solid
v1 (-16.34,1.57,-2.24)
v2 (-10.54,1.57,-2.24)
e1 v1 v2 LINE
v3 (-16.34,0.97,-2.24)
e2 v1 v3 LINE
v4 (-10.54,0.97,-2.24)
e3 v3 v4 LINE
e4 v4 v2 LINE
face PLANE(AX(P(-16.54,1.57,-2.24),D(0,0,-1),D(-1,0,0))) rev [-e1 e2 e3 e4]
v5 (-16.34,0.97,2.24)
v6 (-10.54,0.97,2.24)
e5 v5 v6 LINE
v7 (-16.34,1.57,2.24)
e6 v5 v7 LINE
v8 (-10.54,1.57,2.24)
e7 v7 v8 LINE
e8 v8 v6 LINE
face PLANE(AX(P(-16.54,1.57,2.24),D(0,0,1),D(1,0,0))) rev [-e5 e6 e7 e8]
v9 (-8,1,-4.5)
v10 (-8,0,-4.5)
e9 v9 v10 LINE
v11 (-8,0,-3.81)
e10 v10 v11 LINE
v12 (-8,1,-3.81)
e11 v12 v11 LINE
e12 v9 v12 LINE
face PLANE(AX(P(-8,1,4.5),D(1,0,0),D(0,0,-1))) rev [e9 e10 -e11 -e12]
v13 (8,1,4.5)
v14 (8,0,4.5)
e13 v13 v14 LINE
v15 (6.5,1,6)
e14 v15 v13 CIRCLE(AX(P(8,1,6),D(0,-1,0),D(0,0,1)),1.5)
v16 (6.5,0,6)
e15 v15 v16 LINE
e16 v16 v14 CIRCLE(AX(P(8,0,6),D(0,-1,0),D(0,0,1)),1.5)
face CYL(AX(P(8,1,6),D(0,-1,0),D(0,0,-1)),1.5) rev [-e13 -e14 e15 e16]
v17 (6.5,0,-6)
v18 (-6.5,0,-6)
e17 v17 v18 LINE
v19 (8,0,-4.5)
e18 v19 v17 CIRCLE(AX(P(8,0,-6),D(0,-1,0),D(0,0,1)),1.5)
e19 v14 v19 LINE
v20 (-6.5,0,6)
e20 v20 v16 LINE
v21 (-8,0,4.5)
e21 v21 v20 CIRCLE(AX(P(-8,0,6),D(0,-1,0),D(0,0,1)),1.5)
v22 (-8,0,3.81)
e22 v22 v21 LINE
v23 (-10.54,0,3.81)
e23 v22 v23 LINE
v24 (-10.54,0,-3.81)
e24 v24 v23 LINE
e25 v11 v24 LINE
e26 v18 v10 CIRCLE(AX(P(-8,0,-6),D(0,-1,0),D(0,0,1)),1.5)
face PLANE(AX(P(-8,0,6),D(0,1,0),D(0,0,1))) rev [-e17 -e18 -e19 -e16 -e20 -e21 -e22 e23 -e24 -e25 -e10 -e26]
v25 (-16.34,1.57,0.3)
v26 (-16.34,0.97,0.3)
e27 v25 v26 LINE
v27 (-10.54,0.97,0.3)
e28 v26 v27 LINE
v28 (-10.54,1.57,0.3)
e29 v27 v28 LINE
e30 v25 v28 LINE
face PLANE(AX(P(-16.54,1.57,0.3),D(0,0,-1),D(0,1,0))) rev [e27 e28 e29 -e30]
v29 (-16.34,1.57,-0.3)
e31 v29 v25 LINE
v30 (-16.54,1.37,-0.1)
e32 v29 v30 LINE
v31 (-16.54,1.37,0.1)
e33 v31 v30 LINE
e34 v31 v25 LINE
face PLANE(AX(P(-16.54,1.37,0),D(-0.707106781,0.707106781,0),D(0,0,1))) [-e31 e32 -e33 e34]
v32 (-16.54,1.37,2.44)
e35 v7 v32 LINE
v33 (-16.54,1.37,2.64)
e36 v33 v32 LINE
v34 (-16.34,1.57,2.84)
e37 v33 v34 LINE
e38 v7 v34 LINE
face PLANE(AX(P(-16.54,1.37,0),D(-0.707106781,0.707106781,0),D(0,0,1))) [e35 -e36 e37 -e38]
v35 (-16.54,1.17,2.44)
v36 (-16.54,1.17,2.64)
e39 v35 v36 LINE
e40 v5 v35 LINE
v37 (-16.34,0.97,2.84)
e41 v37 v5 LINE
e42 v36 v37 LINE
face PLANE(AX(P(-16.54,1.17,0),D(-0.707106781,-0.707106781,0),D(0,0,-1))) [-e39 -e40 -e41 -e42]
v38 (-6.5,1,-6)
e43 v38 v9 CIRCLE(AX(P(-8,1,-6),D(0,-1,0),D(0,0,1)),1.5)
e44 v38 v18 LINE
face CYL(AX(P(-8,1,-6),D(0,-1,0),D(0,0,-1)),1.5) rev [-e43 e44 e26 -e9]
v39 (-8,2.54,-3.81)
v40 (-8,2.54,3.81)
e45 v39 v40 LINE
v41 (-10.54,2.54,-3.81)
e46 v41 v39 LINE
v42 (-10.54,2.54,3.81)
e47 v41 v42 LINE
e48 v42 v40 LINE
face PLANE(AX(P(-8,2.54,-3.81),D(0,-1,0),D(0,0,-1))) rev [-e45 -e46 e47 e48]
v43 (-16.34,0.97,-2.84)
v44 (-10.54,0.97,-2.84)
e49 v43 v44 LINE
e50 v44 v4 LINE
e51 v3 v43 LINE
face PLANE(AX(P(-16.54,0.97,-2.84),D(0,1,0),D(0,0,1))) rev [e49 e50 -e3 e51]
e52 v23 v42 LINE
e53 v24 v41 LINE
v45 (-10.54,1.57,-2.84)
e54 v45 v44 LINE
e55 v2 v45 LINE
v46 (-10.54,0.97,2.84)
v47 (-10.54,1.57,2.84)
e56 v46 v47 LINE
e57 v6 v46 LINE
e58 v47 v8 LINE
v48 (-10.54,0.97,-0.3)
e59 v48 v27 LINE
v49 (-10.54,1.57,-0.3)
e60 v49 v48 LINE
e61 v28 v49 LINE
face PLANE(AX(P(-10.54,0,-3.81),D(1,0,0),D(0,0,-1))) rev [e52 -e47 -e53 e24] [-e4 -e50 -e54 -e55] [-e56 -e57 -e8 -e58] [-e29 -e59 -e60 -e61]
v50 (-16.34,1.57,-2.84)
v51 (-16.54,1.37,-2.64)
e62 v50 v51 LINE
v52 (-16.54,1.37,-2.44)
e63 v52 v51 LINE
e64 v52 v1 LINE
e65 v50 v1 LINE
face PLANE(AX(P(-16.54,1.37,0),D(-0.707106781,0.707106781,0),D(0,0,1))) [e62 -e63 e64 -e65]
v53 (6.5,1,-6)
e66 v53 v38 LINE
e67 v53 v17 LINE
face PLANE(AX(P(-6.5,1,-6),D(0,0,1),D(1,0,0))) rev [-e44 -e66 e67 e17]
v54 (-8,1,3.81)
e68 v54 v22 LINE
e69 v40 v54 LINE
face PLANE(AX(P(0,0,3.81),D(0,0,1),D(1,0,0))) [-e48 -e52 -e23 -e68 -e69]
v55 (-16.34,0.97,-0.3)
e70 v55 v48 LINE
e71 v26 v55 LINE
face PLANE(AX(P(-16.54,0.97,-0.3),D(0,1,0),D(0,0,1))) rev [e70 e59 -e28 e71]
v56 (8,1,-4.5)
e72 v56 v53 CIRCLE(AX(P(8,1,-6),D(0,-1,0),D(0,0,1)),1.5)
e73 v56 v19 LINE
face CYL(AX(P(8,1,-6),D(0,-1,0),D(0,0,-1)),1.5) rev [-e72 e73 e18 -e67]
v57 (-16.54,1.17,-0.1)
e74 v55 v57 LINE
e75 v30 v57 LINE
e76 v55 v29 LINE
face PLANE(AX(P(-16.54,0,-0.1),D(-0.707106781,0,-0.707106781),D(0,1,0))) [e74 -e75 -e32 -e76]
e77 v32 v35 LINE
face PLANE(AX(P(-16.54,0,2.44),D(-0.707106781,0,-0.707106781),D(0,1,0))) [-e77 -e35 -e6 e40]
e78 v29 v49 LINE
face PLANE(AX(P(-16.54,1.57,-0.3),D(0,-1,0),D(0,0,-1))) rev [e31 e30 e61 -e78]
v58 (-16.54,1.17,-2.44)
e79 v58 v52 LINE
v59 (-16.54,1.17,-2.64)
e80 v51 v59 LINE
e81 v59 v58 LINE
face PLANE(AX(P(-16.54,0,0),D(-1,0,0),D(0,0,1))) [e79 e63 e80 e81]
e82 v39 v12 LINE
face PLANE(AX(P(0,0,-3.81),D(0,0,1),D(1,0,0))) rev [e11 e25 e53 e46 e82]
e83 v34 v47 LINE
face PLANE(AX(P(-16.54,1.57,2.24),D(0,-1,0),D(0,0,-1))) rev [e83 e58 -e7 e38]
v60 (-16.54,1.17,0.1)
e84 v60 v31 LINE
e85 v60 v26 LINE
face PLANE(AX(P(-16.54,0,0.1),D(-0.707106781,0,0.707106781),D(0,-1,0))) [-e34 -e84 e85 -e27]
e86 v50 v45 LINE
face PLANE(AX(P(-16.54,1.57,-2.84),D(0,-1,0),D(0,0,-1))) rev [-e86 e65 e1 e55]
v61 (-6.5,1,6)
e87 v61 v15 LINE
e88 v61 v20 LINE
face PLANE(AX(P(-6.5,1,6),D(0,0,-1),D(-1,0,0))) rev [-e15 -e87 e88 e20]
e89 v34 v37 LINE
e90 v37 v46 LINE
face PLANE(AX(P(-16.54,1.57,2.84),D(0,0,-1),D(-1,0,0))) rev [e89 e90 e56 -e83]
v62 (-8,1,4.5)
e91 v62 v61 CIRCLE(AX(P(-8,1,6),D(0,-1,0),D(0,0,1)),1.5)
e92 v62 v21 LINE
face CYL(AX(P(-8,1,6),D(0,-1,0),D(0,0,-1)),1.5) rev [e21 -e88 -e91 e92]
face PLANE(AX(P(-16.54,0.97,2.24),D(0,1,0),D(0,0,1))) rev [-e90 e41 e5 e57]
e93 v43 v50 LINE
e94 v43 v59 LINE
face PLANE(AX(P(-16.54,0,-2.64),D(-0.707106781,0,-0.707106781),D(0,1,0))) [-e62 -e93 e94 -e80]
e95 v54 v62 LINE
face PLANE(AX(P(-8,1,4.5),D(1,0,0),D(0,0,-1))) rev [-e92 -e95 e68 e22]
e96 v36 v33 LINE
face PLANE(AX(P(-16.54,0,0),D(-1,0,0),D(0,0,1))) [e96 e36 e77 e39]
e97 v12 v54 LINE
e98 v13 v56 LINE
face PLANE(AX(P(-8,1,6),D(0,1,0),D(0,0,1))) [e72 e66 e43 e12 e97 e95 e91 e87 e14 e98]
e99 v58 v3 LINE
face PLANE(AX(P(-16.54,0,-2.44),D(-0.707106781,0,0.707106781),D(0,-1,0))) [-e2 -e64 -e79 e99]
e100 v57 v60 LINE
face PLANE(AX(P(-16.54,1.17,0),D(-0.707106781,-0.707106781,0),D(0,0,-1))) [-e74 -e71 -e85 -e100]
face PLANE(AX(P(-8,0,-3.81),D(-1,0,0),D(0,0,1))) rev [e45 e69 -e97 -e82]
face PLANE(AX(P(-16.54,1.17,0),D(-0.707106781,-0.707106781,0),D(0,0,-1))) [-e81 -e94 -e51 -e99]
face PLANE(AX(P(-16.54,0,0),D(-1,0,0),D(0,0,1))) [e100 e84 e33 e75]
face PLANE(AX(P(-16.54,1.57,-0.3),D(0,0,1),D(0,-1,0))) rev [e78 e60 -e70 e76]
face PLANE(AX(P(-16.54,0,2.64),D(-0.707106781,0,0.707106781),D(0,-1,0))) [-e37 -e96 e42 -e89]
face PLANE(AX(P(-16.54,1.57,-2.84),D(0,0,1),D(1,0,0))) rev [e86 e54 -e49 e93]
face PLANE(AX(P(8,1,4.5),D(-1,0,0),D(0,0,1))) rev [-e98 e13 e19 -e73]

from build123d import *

# Parameters (mm, degrees)
BOSS_EXTRU_1_DEPTH = 1
ESQUISSE2_W        = 2.54
ESQUISSE2_H        = 2.54
BOSS_EXTRU_2_DEPTH = 3.81
ESQUISSE3_W        = 0.6
ESQUISSE3_H        = 0.6
BOSS_EXTRU_3_DEPTH = 6
CHANFREIN1_SIZE    = 0.2


with BuildPart() as part:
    # Esquisse1 → Boss.-Extru.1 (new body)
    with BuildSketch(Plane(origin=(0, 0, 0), x_dir=(1, 0, 0), z_dir=(0, 1, 0))):
        with BuildLine():
            Line((-6.5, -6), (6.5, -6))
            ThreePointArc((6.5, -6), (6.939339828, -4.939339828), (8, -4.5))
            Line((8, -4.5), (8, 4.5))
            ThreePointArc((8, 4.5), (6.939339828, 4.939339828), (6.5, 6))
            Line((6.5, 6), (-6.5, 6))
            ThreePointArc((-6.5, 6), (-6.939339828, 4.939339828), (-8, 4.5))
            Line((-8, 4.5), (-8, -4.5))
            ThreePointArc((-8, -4.5), (-6.939339828, -4.939339828), (-6.5, -6))
        make_face()
    extrude(amount=BOSS_EXTRU_1_DEPTH)

    # Esquisse2 → Boss.-Extru.2 (add, symmetric)
    with BuildSketch(Plane(origin=(0, 0, 0), x_dir=(-1, 0, 0), z_dir=(0, 0, -1))):
        with Locations((9.27, 1.27)):
            Rectangle(ESQUISSE2_W, ESQUISSE2_H)
    extrude(amount=BOSS_EXTRU_2_DEPTH, both=True)

    # Esquisse3 → Boss.-Extru.3 (add)
    with BuildSketch(Plane.ZY.offset(10.54)):
        with Locations((-2.54, 1.27)):
            Rectangle(ESQUISSE3_W, ESQUISSE3_H)
        with Locations((0, 1.27)):
            Rectangle(ESQUISSE3_W, ESQUISSE3_H)
        with Locations((2.54, 1.27)):
            Rectangle(ESQUISSE3_W, ESQUISSE3_H)
    extrude(amount=BOSS_EXTRU_3_DEPTH)

    # Chanfrein1
    chanfrein1_edges = [part.edges().sort_by_distance(p)[0] for p in [
        (-16.54, 1.27, -2.84),
        (-16.54, 0.97, -2.54),
        (-16.54, 1.27, -2.24),
        (-16.54, 1.57, -2.54),
        (-16.54, 1.27, -0.3),
        (-16.54, 0.97, 0),
        (-16.54, 1.27, 0.3),
        (-16.54, 1.57, 0),
        (-16.54, 1.27, 2.24),
        (-16.54, 0.97, 2.54),
        (-16.54, 1.27, 2.84),
        (-16.54, 1.57, 2.54),
    ]]
    chamfer(chanfrein1_edges, length=CHANFREIN1_SIZE)


solid = part.part
